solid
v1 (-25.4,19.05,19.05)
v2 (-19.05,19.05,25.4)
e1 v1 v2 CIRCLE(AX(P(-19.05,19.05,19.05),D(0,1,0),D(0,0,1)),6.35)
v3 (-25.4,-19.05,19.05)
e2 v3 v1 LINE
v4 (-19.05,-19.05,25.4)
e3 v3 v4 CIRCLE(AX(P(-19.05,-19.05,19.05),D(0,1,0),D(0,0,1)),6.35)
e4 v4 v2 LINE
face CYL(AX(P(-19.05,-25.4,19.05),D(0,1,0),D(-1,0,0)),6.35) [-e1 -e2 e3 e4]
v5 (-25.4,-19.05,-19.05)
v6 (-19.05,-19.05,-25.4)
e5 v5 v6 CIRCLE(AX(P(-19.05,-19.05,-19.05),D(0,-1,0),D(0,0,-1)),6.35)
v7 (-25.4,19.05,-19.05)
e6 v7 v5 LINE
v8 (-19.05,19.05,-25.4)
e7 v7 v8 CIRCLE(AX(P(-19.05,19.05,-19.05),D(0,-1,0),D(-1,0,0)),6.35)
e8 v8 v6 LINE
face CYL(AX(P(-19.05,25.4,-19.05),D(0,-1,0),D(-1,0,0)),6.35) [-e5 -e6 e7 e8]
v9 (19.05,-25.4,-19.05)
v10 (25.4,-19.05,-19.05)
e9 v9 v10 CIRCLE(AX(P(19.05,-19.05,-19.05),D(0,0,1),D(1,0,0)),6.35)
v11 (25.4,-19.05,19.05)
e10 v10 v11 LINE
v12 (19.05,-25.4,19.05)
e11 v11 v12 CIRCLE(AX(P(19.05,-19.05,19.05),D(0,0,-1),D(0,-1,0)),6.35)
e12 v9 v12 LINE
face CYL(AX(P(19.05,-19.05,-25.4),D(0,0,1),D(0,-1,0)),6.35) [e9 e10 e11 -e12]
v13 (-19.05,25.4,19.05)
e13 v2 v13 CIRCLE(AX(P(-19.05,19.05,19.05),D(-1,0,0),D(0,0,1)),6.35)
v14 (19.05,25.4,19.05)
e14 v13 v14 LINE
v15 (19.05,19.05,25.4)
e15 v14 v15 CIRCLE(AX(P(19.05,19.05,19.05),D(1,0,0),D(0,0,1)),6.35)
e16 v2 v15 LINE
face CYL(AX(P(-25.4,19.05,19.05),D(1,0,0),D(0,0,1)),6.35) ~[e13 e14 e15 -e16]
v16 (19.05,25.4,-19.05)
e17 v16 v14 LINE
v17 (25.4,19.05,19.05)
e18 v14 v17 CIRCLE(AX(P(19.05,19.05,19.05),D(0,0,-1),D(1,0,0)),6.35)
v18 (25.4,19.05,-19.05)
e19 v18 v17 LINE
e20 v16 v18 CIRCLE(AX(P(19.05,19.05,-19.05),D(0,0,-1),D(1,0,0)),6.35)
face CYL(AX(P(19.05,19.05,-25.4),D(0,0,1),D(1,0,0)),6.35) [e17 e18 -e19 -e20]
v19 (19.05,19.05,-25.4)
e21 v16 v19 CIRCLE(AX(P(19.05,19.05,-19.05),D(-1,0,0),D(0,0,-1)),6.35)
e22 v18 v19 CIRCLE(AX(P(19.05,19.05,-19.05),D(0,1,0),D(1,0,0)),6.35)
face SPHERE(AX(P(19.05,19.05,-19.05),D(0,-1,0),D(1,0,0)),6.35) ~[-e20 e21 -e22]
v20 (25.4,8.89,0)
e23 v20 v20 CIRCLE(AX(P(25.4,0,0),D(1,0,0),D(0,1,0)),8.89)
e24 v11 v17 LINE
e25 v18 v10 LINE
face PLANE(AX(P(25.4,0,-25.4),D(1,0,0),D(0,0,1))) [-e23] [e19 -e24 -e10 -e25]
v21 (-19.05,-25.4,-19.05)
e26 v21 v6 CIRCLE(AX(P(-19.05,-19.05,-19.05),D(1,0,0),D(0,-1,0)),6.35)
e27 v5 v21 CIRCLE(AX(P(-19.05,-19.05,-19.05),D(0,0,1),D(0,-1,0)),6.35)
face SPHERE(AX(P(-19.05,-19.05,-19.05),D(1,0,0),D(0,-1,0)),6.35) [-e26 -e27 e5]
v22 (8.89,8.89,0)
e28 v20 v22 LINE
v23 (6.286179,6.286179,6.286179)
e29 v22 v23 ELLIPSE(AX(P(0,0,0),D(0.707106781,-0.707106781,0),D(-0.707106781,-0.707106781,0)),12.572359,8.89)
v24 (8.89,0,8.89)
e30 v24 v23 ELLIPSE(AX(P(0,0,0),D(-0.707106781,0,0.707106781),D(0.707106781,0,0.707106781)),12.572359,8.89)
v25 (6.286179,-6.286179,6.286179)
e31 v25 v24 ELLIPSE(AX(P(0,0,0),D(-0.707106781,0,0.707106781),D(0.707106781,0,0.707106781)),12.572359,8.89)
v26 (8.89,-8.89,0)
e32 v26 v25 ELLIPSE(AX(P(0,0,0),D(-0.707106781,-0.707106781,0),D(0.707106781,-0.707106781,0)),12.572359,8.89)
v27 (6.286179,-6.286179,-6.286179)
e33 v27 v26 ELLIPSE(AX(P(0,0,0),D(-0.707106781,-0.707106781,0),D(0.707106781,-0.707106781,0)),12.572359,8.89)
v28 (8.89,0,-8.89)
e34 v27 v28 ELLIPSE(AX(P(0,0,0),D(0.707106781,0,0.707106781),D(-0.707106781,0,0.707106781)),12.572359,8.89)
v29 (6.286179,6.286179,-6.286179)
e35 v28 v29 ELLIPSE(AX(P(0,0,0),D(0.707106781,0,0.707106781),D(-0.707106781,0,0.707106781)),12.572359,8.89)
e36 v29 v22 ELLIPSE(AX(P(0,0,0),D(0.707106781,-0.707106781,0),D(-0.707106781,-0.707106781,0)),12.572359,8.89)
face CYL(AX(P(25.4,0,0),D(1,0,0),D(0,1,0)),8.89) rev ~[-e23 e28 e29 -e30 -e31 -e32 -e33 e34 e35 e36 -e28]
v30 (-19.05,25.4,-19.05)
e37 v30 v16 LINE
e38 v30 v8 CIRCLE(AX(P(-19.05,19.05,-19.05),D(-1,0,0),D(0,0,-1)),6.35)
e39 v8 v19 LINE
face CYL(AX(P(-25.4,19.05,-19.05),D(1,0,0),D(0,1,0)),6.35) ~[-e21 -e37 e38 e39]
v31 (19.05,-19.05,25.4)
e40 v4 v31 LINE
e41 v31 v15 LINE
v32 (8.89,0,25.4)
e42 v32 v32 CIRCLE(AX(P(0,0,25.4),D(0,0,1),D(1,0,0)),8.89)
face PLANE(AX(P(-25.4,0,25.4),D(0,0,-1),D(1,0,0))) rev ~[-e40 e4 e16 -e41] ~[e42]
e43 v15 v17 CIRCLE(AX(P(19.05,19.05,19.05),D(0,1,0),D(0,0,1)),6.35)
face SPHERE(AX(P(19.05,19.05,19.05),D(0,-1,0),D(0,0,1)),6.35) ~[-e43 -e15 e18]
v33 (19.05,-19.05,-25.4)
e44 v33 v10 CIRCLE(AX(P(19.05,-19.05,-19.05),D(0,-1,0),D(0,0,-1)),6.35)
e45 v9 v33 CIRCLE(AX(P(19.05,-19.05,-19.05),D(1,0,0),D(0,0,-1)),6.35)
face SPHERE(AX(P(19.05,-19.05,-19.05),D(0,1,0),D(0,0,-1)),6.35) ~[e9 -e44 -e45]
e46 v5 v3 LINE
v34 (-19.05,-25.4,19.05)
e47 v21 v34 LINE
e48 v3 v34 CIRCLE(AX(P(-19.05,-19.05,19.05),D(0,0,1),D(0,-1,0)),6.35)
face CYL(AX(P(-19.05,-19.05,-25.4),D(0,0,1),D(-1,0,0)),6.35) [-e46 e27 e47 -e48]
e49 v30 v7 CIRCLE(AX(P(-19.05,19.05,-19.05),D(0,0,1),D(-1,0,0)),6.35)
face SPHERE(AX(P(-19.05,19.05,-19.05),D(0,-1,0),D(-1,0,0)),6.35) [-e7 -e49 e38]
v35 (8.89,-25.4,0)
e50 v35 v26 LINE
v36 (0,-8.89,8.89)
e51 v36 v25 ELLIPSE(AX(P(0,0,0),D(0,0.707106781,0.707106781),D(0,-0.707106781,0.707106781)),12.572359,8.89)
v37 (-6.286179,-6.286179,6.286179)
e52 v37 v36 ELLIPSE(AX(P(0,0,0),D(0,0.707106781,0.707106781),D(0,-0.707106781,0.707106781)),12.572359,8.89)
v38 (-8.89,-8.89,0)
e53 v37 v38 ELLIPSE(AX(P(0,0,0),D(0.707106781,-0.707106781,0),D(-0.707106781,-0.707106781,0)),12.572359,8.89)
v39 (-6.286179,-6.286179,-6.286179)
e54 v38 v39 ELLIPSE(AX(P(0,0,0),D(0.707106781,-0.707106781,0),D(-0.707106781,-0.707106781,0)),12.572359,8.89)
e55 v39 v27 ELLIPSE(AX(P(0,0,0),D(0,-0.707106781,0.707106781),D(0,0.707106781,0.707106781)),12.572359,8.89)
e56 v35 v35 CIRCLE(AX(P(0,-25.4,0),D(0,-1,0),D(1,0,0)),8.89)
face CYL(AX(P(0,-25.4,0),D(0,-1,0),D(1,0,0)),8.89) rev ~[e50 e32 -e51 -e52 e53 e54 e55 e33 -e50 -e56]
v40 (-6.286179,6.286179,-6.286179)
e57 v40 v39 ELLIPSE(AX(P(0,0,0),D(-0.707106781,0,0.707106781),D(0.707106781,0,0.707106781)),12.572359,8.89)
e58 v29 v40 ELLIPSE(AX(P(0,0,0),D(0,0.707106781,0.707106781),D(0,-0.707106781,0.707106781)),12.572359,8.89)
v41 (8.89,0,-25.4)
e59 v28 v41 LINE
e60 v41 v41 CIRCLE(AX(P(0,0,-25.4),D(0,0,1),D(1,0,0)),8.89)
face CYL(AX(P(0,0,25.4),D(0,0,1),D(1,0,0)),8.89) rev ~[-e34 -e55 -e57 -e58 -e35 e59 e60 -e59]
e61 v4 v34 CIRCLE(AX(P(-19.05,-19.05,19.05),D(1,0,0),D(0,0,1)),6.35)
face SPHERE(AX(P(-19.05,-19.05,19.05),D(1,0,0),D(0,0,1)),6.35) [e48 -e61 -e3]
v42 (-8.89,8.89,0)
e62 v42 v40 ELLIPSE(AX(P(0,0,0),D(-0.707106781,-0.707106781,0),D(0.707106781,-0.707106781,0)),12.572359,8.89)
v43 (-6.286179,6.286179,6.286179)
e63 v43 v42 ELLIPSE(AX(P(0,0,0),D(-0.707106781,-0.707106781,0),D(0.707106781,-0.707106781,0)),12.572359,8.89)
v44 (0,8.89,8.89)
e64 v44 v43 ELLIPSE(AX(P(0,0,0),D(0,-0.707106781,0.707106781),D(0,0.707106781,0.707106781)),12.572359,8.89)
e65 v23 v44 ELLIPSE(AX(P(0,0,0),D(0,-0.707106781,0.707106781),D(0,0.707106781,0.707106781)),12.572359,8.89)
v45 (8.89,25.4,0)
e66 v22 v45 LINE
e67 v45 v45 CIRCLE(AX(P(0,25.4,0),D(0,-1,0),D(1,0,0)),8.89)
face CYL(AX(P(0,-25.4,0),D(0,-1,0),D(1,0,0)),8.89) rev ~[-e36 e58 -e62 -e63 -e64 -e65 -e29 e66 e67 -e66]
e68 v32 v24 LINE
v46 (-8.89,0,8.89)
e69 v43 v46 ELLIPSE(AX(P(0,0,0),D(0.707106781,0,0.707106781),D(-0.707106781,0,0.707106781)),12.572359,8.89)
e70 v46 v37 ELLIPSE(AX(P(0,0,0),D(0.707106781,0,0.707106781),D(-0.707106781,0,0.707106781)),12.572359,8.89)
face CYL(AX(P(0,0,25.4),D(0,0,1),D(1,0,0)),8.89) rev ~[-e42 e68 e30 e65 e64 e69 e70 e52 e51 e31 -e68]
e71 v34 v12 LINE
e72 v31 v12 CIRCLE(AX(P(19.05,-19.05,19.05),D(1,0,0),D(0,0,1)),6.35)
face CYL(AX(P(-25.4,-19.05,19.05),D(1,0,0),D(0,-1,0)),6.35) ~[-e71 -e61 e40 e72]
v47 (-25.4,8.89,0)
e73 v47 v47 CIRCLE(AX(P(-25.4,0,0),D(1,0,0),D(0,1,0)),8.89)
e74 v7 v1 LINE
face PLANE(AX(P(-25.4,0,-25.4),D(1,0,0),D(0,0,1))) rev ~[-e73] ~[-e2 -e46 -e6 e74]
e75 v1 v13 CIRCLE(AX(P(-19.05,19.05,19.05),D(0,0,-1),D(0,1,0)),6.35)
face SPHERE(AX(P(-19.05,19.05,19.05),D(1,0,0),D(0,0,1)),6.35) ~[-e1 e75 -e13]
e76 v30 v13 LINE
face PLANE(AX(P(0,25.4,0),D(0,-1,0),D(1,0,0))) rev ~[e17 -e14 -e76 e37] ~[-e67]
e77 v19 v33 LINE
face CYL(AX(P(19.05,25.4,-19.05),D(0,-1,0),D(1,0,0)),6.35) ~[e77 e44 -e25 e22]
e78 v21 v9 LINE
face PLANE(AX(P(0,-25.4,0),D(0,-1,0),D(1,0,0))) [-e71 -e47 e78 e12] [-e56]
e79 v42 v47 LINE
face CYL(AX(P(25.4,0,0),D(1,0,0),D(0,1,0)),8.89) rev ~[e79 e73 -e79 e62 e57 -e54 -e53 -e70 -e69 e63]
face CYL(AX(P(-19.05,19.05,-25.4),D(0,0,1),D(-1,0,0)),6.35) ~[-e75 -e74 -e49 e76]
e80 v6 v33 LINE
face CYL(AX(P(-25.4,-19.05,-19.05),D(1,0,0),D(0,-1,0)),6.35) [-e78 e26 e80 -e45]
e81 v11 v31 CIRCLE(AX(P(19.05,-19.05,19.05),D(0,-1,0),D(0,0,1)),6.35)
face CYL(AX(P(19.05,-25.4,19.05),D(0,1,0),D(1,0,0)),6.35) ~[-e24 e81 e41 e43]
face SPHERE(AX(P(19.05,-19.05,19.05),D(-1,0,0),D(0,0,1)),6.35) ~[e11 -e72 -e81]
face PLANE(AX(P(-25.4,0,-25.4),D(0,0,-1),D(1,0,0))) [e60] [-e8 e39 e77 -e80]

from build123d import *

# Parameters (mm, degrees)
F0_W     = 50.8
F0_H     = 50.8
F1_DEPTH = 25.4
F2_R     = 6.35
F3_R     = 8.89
F4_DEPTH = 50.8
F5_R     = 8.89
F6_DEPTH = 50.8
F7_R     = 8.89
F8_DEPTH = 50.8


with BuildPart() as f1:
    # F0 (on Front) → F1 (new body, symmetric)
    with BuildSketch(Plane.XZ):
        Rectangle(F0_W, F0_H)
    extrude(amount=F1_DEPTH, both=True)

    # F2
    f2_edges = [f1.edges().sort_by_distance(p)[0] for p in [
        (0, -25.4, 25.4),
        (25.4, 0, 25.4),
        (25.4, 0, -25.4),
        (0, -25.4, -25.4),
        (25.4, -25.4, 0),
        (0, 25.4, 25.4),
        (-25.4, 0, 25.4),
        (25.4, 25.4, 0),
        (-25.4, -25.4, 0),
        (-25.4, 0, -25.4),
        (-25.4, 25.4, 0),
        (0, 25.4, -25.4),
    ]]
    fillet(f2_edges, radius=F2_R)

    # F3 (on face) → F4 (cut, through all)
    with BuildSketch(Plane.XY.offset(25.4)):
        Circle(F3_R)
    extrude(amount=-F4_DEPTH, mode=Mode.SUBTRACT)

    # F5 (on face) → F6 (cut, through all)
    with BuildSketch(Plane.XZ.offset(25.4)):
        Circle(F5_R)
    extrude(amount=-F6_DEPTH, mode=Mode.SUBTRACT)

    # F7 (on face) → F8 (cut, through all)
    with BuildSketch(Plane.YZ.offset(25.4)):
        Circle(F7_R)
    extrude(amount=-F8_DEPTH, mode=Mode.SUBTRACT)


solid = f1.part
